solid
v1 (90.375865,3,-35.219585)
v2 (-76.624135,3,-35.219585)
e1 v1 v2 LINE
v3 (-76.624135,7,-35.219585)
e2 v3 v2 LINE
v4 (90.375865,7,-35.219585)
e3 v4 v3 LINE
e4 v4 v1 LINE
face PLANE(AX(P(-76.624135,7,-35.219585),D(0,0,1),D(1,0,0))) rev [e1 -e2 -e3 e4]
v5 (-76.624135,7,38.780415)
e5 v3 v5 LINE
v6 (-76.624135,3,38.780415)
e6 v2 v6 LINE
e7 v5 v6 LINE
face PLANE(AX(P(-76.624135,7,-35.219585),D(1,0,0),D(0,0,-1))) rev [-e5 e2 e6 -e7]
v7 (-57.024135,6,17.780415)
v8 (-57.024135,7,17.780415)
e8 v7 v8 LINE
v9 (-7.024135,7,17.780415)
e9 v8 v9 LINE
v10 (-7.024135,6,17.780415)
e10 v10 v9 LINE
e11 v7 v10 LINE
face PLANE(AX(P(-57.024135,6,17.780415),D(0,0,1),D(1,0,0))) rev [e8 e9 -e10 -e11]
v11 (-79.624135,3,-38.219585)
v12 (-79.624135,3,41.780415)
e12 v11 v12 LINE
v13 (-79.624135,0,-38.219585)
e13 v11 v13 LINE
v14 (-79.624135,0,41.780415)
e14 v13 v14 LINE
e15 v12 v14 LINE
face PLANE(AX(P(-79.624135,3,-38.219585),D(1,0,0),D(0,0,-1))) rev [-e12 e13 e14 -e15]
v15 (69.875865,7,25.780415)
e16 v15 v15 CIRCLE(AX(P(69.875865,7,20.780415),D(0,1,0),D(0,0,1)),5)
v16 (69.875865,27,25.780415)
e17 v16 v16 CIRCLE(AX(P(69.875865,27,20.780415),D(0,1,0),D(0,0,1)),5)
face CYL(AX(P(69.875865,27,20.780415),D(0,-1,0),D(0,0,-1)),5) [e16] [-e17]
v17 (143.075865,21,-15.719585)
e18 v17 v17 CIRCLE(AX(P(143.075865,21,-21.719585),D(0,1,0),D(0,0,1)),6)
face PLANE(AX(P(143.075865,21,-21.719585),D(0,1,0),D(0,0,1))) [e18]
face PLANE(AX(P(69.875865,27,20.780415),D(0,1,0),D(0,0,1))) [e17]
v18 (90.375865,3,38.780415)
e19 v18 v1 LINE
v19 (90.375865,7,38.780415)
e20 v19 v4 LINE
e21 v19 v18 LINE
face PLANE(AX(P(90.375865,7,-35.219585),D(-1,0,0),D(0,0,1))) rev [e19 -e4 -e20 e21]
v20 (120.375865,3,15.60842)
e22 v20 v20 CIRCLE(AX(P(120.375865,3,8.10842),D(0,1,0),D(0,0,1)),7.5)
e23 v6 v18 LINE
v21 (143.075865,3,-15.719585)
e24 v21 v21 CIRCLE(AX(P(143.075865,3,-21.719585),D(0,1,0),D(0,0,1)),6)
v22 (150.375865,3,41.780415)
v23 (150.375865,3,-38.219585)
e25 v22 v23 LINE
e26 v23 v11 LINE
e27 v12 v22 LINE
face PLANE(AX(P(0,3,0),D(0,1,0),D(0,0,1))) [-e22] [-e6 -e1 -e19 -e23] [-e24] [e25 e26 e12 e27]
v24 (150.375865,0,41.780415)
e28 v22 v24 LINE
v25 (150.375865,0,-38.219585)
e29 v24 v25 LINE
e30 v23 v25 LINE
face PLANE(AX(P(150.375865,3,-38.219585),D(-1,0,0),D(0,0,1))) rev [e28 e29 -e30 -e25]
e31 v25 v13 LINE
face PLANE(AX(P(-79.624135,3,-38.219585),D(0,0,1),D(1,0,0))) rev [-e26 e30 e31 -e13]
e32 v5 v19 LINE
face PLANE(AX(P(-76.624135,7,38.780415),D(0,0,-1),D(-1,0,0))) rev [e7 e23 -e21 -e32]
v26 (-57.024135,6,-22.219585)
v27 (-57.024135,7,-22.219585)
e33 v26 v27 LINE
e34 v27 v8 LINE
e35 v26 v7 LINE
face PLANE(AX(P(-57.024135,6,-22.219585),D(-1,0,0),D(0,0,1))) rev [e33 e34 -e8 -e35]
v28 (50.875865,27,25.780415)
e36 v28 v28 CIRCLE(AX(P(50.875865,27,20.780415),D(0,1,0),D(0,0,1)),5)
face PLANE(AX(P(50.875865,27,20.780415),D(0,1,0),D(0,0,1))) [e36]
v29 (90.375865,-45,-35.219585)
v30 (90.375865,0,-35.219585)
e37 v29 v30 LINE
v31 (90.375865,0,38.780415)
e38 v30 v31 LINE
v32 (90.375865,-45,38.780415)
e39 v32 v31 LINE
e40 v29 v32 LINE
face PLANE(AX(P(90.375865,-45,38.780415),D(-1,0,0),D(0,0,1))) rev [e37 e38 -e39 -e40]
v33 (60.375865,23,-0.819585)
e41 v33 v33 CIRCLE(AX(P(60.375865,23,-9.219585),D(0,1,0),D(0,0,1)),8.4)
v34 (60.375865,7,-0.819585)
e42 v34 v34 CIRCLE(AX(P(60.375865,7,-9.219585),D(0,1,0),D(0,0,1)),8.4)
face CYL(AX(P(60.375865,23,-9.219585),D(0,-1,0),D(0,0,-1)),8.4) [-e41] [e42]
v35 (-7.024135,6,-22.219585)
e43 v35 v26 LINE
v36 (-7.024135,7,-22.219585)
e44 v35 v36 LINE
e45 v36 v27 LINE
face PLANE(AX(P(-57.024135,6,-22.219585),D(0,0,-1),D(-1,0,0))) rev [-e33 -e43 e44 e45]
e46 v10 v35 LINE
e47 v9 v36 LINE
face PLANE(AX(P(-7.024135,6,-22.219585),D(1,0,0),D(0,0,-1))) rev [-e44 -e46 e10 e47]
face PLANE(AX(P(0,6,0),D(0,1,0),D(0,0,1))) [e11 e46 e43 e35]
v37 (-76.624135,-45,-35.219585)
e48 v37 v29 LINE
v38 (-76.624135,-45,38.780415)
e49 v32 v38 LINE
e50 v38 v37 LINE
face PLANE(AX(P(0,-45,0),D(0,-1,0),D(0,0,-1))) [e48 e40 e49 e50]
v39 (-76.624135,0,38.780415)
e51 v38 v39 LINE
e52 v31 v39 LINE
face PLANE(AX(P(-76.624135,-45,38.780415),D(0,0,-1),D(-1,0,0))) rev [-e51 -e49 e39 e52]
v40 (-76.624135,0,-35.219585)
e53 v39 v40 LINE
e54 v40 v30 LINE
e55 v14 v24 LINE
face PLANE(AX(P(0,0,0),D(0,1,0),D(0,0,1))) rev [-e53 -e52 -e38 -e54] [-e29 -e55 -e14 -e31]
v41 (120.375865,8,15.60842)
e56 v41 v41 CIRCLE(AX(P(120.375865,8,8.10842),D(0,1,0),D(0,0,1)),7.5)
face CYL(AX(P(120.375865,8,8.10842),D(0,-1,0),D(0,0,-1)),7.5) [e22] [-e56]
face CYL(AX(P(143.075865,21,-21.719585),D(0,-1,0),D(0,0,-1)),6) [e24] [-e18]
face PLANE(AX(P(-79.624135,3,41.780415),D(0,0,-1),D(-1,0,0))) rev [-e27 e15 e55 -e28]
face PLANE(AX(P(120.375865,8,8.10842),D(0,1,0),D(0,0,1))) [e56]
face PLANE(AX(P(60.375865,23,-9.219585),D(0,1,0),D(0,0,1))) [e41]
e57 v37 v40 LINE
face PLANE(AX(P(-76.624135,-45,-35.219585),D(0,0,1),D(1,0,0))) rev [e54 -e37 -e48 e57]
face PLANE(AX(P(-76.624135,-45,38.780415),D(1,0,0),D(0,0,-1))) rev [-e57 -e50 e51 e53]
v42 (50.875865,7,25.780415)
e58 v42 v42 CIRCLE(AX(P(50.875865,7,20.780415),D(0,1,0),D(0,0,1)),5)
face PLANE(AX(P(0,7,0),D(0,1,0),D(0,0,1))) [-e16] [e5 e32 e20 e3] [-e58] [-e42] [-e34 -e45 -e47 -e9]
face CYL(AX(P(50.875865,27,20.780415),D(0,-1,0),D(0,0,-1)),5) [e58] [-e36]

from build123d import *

# Parameters (mm, degrees)
SKETCH_1_W          = 230
SKETCH_1_H          = 80
EXTRUDE_1_DEPTH     = 3
SKETCH_2_W          = 167
SKETCH_2_H          = 74
EXTRUDE_2_DEPTH     = 4
SKETCH_3_W          = 50
SKETCH_3_H          = 40
CUT_EXTRUDE_1_DEPTH = 1
SKETCH_4_R          = 8.4
EXTRUDE_3_DEPTH     = 16
SKETCH_5_R          = 5
EXTRUDE_4_DEPTH     = 20
SKETCH_6_R          = 6
EXTRUDE_5_DEPTH     = 18
SKETCH_7_R          = 7.5
EXTRUDE_6_DEPTH     = 5
SKETCH_8_W          = 167
SKETCH_8_H          = 74
EXTRUDE_7_DEPTH     = 45


with BuildPart() as part:
    # 草图1 → 凸台-拉伸1 (new body)
    with BuildSketch(Plane(origin=(0, 0, 0), x_dir=(1, 0, 0), z_dir=(0, 1, 0))):
        with Locations((35.37586548, -1.78041543)):
            Rectangle(SKETCH_1_W, SKETCH_1_H)
    extrude(amount=EXTRUDE_1_DEPTH)

    # 草图2 → 凸台-拉伸2 (add)
    with BuildSketch(Plane(origin=(0, 3, 0), x_dir=(1, 0, 0), z_dir=(0, 1, 0))):
        with Locations((6.87586548, -1.78041543)):
            Rectangle(SKETCH_2_W, SKETCH_2_H)
    extrude(amount=EXTRUDE_2_DEPTH)

    # 草图3 → 切除-拉伸1 (cut)
    with BuildSketch(Plane(origin=(0, 7, 0), x_dir=(1, 0, 0), z_dir=(0, 1, 0))):
        with Locations((-32.02413452, 2.21958457)):
            Rectangle(SKETCH_3_W, SKETCH_3_H)
    extrude(amount=-CUT_EXTRUDE_1_DEPTH, mode=Mode.SUBTRACT)

    # 草图4 → 凸台-拉伸3 (add)
    with BuildSketch(Plane(origin=(0, 7, 0), x_dir=(1, 0, 0), z_dir=(0, 1, 0))):
        with Locations(Location((60.37586548, 9.21958457, 0), (0, 0, 270))):
            Circle(SKETCH_4_R)
    extrude(amount=EXTRUDE_3_DEPTH)

    # 草图5 → 凸台-拉伸4 (add)
    with BuildSketch(Plane(origin=(0, 7, 0), x_dir=(1, 0, 0), z_dir=(0, 1, 0))):
        with Locations(Location((50.87586548, -20.78041543, 0), (0, 0, 270))):
            Circle(SKETCH_5_R)
        with Locations(Location((69.87586548, -20.78041543, 0), (0, 0, 270))):
            Circle(SKETCH_5_R)
    extrude(amount=EXTRUDE_4_DEPTH)

    # 草图6 → 凸台-拉伸5 (add)
    with BuildSketch(Plane(origin=(0, 3, 0), x_dir=(1, 0, 0), z_dir=(0, 1, 0))):
        with Locations(Location((143.07586548, 21.71958457, 0), (0, 0, 270))):
            Circle(SKETCH_6_R)
    extrude(amount=EXTRUDE_5_DEPTH)

    # 草图7 → 凸台-拉伸6 (add)
    with BuildSketch(Plane(origin=(0, 3, 0), x_dir=(1, 0, 0), z_dir=(0, 1, 0))):
        with Locations(Location((120.37586548, -8.108420441, 0), (0, 0, 270))):
            Circle(SKETCH_7_R)
    extrude(amount=EXTRUDE_6_DEPTH)

    # 草图8 → 凸台-拉伸7 (add)
    with BuildSketch(Plane.XZ):
        with Locations((6.87586548, 1.78041543)):
            Rectangle(SKETCH_8_W, SKETCH_8_H)
    extrude(amount=EXTRUDE_7_DEPTH)


solid = part.part
